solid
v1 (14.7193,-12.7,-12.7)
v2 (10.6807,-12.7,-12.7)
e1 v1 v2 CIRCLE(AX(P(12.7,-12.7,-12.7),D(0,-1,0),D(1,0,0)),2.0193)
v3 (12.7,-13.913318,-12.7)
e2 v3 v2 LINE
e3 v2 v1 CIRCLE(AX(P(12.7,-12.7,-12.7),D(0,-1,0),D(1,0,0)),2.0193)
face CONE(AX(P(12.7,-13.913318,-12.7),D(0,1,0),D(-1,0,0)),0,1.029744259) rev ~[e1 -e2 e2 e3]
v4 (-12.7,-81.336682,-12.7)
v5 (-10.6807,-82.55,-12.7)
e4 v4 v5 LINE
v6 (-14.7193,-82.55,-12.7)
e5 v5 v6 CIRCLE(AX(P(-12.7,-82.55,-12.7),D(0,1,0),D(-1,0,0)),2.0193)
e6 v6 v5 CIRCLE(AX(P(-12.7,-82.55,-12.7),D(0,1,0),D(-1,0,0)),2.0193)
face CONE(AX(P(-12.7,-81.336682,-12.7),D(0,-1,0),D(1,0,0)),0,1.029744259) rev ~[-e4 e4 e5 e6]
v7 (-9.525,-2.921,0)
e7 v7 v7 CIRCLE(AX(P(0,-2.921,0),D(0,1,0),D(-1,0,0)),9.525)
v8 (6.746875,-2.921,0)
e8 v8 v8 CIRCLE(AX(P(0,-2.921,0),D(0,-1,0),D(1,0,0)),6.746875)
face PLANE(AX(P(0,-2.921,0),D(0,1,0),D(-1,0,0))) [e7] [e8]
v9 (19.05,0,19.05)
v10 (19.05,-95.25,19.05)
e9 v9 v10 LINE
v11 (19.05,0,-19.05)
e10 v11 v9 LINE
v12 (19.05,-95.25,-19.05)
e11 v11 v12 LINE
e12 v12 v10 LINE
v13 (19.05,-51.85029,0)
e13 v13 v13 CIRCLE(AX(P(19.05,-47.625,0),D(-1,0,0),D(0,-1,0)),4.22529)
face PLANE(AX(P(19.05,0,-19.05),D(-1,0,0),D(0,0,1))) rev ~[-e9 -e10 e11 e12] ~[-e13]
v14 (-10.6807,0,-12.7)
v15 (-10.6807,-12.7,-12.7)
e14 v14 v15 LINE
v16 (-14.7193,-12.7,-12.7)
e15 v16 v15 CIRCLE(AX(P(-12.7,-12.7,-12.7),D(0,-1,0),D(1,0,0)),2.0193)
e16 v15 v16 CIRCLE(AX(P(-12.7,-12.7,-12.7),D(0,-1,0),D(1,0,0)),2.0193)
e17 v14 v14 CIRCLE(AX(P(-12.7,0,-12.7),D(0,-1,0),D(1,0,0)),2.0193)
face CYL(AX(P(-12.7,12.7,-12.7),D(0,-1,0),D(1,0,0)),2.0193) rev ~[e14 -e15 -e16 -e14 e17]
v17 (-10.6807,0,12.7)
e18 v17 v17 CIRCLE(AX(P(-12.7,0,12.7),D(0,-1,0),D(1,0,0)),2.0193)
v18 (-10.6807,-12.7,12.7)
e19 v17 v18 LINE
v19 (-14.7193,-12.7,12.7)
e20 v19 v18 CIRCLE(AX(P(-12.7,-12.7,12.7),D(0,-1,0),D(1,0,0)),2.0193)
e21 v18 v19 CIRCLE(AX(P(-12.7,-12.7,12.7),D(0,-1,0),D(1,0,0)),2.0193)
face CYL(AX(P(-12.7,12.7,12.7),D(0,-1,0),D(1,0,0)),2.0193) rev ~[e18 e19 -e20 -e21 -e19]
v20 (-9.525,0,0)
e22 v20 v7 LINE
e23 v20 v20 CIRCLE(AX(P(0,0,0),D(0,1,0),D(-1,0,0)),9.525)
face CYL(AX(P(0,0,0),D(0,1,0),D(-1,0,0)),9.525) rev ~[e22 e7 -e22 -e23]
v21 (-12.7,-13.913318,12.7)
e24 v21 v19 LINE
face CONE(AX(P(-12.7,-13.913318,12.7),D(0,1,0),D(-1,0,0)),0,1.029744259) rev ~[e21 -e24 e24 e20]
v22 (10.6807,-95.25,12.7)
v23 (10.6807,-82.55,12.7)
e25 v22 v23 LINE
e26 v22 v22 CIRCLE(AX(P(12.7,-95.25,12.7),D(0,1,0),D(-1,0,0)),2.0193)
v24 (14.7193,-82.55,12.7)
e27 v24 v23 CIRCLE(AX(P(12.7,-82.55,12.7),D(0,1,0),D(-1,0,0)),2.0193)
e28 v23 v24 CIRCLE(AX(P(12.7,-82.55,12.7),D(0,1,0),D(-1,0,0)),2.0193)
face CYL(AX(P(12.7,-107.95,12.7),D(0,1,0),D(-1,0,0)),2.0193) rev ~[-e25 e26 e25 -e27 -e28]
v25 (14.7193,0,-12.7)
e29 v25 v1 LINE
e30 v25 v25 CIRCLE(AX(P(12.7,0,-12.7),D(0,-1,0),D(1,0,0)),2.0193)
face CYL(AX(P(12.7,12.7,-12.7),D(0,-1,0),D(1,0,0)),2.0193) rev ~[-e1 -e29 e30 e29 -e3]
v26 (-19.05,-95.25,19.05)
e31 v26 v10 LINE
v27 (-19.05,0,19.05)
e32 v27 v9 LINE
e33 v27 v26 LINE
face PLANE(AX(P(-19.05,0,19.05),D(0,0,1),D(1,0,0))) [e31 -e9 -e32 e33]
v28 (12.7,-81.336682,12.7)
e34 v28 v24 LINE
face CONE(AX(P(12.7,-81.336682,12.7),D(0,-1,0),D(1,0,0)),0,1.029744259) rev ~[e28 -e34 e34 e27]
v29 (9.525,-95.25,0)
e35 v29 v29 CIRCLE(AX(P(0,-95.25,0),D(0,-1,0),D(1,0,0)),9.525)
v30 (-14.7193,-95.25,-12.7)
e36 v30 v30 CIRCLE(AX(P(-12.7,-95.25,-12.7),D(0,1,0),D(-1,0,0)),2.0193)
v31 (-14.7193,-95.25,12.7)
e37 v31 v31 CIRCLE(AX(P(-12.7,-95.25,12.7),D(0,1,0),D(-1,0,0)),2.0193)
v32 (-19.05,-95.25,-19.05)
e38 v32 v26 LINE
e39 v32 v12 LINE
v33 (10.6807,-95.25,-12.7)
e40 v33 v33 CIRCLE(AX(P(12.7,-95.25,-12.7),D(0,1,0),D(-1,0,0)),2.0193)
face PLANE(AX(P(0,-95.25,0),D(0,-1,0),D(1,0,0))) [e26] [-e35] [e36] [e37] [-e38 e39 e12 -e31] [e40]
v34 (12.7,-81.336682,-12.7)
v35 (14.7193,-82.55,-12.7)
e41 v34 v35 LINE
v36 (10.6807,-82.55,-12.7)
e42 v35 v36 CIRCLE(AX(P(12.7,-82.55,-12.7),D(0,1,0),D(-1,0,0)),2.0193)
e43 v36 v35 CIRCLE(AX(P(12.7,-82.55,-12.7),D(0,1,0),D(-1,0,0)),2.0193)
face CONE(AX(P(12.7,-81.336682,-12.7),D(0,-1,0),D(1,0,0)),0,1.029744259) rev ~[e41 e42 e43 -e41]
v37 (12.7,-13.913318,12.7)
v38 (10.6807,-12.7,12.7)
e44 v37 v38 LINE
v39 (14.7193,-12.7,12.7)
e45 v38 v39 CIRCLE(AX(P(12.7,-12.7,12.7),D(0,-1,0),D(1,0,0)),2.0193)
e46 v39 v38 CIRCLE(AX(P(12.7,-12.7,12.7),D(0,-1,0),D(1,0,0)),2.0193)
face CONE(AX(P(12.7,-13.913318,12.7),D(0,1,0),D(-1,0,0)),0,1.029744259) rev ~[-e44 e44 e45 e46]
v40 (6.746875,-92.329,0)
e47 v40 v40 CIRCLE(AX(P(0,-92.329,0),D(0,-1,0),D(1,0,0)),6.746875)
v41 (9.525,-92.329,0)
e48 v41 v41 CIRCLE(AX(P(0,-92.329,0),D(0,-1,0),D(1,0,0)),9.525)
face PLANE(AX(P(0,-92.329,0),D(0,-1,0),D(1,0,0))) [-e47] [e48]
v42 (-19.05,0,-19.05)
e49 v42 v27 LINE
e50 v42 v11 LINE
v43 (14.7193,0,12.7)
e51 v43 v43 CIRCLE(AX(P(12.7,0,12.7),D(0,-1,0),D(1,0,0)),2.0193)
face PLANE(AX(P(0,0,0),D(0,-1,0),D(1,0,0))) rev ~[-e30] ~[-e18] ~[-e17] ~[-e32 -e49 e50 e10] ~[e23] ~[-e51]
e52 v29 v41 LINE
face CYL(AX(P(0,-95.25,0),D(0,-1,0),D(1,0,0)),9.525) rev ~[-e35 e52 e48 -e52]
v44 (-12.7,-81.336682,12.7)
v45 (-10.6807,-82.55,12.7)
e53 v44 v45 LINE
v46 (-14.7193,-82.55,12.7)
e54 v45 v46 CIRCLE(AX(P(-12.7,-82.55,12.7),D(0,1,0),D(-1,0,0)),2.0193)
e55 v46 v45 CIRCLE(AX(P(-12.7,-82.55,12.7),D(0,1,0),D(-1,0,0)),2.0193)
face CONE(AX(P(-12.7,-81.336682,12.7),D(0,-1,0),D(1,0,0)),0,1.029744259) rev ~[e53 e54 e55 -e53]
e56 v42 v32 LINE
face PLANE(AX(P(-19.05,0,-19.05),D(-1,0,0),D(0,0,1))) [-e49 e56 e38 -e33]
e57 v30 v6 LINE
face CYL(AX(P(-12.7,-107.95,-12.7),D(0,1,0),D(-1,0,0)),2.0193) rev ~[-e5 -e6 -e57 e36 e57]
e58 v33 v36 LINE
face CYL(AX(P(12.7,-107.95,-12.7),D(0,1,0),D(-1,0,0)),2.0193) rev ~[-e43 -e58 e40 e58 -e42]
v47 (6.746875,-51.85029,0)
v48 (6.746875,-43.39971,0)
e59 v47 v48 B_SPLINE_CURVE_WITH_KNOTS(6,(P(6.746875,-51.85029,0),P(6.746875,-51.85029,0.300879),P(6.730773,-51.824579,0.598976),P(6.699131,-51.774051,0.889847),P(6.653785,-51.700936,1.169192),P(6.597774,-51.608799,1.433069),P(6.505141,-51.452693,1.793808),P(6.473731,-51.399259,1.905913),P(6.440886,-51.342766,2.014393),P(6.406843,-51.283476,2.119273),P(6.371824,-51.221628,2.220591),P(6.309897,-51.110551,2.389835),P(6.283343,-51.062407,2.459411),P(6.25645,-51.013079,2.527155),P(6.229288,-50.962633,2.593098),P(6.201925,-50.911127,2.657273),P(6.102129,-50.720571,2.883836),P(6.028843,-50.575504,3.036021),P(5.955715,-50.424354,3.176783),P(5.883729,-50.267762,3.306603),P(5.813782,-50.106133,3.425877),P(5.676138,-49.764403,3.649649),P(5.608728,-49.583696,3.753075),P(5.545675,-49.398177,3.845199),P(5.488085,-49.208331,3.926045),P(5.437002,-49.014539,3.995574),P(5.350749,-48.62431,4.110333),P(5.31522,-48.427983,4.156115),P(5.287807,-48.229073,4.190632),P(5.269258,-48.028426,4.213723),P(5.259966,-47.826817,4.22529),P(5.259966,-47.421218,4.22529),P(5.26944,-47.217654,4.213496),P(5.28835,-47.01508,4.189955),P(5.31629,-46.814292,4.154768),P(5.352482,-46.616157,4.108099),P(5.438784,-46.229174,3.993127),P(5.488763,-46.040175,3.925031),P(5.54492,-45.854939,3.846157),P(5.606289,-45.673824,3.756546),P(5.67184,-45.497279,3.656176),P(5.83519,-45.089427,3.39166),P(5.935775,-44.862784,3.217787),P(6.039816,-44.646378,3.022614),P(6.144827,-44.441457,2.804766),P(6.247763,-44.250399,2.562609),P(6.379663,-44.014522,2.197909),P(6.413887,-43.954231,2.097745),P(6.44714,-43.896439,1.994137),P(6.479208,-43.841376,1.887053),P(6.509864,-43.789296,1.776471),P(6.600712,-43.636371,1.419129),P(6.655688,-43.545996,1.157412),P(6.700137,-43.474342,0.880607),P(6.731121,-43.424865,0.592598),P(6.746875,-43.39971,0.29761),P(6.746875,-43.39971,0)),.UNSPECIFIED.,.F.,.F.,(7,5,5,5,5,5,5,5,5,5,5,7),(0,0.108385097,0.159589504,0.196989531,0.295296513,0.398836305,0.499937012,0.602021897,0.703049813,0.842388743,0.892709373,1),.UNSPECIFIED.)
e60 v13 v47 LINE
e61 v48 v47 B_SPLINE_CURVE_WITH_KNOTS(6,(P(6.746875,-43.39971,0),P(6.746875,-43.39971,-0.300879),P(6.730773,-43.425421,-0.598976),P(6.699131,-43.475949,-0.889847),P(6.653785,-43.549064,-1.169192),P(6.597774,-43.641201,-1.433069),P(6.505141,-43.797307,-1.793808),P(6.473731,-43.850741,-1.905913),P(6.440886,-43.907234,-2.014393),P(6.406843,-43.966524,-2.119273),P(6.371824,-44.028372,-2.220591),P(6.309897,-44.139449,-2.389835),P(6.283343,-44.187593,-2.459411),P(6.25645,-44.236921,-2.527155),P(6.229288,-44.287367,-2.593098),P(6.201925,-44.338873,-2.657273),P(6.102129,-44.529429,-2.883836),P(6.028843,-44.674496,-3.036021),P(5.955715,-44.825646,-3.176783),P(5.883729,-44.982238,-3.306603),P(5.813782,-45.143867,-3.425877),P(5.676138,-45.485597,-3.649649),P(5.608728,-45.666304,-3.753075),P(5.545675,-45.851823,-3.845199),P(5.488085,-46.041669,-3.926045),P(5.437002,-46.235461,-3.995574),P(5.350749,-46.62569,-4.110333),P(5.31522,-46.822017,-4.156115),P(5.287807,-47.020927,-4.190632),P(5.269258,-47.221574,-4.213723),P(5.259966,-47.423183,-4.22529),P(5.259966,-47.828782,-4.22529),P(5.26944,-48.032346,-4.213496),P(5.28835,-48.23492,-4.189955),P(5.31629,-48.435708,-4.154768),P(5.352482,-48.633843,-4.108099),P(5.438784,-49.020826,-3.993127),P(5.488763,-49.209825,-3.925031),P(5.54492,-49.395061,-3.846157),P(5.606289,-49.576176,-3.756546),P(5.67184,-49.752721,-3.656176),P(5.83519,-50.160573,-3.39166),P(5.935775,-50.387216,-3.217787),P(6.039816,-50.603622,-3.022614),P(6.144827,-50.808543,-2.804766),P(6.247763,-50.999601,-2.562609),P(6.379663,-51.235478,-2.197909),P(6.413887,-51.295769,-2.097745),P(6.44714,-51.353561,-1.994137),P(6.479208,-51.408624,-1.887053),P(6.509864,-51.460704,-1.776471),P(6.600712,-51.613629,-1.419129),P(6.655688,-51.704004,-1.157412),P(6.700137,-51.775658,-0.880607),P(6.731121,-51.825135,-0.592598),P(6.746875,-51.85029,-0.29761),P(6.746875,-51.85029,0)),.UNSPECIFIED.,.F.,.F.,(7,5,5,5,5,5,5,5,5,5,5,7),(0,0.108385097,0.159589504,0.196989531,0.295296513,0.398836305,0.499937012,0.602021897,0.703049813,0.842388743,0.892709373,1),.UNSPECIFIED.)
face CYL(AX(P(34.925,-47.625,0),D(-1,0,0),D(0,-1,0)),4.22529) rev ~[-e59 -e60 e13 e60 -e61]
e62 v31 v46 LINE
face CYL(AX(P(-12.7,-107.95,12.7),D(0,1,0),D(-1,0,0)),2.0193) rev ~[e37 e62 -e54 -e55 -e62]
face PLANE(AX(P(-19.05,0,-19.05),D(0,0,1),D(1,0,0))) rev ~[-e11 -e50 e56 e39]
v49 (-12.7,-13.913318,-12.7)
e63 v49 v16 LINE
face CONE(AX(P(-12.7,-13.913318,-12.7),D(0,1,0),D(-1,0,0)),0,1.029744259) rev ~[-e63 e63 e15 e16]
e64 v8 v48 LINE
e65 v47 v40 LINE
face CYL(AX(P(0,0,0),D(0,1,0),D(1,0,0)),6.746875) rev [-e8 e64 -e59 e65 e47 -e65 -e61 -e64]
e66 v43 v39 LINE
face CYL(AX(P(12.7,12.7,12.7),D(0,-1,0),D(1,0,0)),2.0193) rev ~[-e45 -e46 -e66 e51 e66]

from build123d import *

# Parameters (mm, degrees)
F0_W      = 38.1
F0_H      = 38.1
F0_R      = 6.746875
F1_DEPTH  = 95.25
F3_D      = 4.0386
F3_DEPTH  = 12.7
F3_TIP    = 1.213317848
F5_D      = 4.0386
F5_DEPTH  = 12.7
F5_TIP    = 1.213317848
F6_R      = 9.525
F6_R_2    = 6.746875
F7_DEPTH  = 2.921
F8_R      = 9.525
F8_R_2    = 6.746875
F9_DEPTH  = 2.921
F11_D     = 8.45058
F11_DEPTH = 15.875
F11_TIP   = 2.538810365


with BuildPart() as f1:
    # F0 (on Front) → F1 (new body)
    with BuildSketch(Plane.XZ):
        Rectangle(F0_W, F0_H)
        Circle(F0_R, mode=Mode.SUBTRACT)
    extrude(amount=F1_DEPTH)

    # F3
    with Locations(Plane(origin=(0, 0, 0), x_dir=(-1, 0, 0), z_dir=(0, 1, 0))):
        with Locations((-12.7, -12.7), (-12.7, 12.7), (12.7, 12.7), (12.7, -12.7)):
            Hole(F3_D / 2, depth=F3_DEPTH)
            with Locations((0, 0, -(F3_DEPTH + F3_TIP / 2))):  # 118° drill point
                Cone(0, F3_D / 2, F3_TIP, mode=Mode.SUBTRACT)

    # F5
    with Locations(Plane.XZ.offset(95.25)):
        with Locations((-12.7, 12.7), (-12.7, -12.7), (12.7, -12.7), (12.7, 12.7)):
            Hole(F5_D / 2, depth=F5_DEPTH)
            with Locations((0, 0, -(F5_DEPTH + F5_TIP / 2))):  # 118° drill point
                Cone(0, F5_D / 2, F5_TIP, mode=Mode.SUBTRACT)

    # F6 (on face) → F7 (cut)
    with BuildSketch(Plane.XZ.offset(95.25)):
        Circle(F6_R)
        Circle(F6_R_2, mode=Mode.SUBTRACT)
    extrude(amount=-F7_DEPTH, mode=Mode.SUBTRACT)

    # F8 (on face) → F9 (cut)
    with BuildSketch(Plane(origin=(0, 0, 0), x_dir=(-1, 0, 0), z_dir=(0, 1, 0))):
        Circle(F8_R)
        Circle(F8_R_2, mode=Mode.SUBTRACT)
    extrude(amount=-F9_DEPTH, mode=Mode.SUBTRACT)

    # F11
    with Locations(Plane.YZ.offset(19.05)):
        with Locations((-47.625, 0)):
            Hole(F11_D / 2, depth=F11_DEPTH)
            with Locations((0, 0, -(F11_DEPTH + F11_TIP / 2))):  # 118° drill point
                Cone(0, F11_D / 2, F11_TIP, mode=Mode.SUBTRACT)


solid = f1.part
